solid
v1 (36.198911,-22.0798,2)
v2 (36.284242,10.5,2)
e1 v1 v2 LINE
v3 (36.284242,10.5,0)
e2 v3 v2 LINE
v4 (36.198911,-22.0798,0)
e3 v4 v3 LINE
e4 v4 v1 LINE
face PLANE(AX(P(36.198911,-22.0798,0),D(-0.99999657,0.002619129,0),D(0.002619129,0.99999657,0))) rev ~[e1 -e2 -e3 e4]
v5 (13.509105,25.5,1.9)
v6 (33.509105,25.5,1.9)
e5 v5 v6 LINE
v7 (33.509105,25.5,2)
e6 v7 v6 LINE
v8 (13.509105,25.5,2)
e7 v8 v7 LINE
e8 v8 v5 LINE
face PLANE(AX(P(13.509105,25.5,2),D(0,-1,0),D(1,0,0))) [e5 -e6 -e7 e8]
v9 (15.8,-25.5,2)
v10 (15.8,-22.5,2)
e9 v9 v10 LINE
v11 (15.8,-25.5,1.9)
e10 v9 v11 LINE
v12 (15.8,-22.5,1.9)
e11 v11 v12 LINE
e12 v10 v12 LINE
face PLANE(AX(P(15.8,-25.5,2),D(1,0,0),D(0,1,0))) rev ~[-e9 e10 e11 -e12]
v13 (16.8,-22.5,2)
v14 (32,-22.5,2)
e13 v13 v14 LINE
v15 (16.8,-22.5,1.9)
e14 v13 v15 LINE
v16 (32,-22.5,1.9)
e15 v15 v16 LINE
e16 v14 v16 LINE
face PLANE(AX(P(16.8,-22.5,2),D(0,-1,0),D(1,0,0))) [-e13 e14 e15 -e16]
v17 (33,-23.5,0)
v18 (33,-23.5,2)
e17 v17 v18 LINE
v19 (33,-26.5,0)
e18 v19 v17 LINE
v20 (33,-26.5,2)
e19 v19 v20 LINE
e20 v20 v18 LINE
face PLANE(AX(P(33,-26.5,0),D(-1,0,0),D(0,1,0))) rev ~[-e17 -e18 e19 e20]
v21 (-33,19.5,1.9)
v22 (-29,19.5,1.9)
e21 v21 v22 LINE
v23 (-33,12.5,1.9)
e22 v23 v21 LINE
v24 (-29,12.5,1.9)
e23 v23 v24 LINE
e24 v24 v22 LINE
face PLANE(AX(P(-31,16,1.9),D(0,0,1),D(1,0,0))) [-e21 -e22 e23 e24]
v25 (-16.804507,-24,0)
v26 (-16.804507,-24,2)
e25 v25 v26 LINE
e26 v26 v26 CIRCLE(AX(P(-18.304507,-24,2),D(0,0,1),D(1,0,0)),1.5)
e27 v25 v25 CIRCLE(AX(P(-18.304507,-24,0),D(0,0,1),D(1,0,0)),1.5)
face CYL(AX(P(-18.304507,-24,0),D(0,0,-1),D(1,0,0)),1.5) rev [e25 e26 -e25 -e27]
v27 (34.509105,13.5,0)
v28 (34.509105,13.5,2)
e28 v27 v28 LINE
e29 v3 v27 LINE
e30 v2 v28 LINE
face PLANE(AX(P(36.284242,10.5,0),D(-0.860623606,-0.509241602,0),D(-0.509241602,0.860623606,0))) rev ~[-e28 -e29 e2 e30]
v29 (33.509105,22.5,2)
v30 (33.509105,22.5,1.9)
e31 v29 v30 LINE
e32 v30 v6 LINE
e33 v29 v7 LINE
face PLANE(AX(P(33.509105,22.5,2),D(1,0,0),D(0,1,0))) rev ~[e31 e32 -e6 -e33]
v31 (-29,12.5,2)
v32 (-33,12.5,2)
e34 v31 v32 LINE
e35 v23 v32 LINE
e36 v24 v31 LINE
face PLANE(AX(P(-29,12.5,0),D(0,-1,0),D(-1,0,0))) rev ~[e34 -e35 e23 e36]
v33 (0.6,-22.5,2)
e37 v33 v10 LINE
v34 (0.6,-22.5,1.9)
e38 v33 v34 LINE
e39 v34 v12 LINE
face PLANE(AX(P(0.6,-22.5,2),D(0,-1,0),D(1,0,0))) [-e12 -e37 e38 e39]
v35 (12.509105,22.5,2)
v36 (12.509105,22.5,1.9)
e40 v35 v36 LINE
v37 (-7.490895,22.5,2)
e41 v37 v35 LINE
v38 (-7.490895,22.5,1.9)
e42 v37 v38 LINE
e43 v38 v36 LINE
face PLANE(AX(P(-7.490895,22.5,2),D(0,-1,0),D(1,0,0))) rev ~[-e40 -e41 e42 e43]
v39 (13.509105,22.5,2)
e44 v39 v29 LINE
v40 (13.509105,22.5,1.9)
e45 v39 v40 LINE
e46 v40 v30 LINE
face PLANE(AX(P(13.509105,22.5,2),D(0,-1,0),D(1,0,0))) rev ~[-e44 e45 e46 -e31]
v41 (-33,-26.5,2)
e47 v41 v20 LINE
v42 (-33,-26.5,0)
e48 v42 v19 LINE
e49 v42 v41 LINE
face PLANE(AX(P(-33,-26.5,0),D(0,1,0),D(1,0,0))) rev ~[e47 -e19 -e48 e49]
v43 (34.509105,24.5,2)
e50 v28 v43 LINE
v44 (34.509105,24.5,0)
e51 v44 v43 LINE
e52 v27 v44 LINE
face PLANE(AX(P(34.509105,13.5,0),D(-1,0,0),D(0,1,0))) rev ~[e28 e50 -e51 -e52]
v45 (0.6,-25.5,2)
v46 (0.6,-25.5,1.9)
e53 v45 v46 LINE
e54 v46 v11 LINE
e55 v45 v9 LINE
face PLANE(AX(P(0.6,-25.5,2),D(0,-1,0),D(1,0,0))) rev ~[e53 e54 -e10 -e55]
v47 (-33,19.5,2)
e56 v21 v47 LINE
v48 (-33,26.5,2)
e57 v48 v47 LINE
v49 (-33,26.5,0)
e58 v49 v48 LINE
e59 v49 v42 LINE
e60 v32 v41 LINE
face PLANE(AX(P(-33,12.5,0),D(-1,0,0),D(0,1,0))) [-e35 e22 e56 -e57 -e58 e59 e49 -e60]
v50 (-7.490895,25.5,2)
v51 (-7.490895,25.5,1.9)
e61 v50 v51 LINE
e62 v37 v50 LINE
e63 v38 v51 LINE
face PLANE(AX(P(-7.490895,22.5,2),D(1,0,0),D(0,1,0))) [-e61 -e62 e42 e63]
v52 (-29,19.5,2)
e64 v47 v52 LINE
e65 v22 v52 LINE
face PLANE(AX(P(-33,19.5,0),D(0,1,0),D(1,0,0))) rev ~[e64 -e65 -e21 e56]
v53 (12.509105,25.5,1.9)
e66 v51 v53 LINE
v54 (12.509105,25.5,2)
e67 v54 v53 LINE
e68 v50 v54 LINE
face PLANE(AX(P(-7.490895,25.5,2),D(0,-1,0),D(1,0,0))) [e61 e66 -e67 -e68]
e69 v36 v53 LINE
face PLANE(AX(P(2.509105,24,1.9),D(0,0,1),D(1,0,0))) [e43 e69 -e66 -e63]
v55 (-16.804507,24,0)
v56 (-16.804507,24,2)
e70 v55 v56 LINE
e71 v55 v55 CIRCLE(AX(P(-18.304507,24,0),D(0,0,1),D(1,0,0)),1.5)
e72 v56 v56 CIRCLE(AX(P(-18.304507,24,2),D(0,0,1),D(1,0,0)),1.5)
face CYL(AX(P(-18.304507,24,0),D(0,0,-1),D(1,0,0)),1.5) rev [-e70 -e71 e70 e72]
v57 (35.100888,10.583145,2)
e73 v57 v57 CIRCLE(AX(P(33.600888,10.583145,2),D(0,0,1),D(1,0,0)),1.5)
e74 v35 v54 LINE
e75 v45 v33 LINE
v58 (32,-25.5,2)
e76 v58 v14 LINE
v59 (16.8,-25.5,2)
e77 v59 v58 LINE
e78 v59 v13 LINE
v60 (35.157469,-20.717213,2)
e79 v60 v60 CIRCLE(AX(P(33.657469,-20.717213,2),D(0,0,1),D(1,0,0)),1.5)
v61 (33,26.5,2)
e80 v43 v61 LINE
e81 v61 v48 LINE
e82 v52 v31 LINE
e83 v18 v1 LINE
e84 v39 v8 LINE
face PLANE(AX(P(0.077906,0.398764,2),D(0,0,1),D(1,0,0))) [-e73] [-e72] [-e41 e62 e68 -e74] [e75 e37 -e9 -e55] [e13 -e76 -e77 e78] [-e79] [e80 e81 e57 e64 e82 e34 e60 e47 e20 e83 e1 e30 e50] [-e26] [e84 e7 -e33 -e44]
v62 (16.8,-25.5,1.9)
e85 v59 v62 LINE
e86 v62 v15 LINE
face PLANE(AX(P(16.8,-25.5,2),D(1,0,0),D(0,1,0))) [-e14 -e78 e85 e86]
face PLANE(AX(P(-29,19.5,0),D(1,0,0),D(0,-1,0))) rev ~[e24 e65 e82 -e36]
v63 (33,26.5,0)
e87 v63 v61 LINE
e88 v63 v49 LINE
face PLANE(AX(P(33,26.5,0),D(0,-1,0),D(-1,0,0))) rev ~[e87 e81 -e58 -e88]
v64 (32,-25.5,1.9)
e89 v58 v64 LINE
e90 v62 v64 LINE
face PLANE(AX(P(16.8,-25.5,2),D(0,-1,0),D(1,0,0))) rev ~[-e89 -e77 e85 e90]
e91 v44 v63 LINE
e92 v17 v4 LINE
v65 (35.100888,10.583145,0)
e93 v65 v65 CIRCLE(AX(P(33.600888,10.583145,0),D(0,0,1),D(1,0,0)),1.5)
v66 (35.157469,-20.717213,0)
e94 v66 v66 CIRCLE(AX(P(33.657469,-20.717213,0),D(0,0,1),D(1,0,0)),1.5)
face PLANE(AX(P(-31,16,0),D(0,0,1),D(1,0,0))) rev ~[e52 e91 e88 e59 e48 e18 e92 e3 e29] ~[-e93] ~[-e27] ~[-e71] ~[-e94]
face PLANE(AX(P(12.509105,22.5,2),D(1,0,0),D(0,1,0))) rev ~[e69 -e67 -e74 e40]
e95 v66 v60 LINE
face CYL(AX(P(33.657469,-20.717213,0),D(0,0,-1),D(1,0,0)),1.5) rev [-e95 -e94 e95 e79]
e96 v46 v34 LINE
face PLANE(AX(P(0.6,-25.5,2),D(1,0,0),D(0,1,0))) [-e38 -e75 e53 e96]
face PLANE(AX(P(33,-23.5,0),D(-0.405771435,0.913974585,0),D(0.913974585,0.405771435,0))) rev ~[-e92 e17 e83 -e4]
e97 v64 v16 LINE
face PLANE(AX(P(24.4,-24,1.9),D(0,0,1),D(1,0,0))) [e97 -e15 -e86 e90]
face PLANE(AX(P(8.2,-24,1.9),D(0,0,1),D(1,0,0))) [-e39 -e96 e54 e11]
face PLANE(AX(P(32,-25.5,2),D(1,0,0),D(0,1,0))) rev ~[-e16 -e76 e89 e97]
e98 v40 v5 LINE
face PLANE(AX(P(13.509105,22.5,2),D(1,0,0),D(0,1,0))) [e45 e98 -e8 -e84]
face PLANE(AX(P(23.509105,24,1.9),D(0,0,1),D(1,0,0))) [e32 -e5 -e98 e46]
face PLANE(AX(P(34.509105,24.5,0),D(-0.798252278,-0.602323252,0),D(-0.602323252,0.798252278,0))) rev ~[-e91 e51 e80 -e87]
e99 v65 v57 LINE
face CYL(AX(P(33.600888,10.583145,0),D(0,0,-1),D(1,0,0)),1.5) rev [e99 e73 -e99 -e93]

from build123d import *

# Parameters (mm, degrees)
F0_R     = 1.5
F1_DEPTH = 2
F0_W     = 4
F0_H     = 7
F2_DEPTH = 0.1
F3_DEPTH = 1.9
F4_W     = 20
F4_H     = 3
F5_DEPTH = 0.1
F4_W_2   = 15.2
F6_DEPTH = 0.1


with BuildPart() as f1:
    # F0 (on Top) → F1 (new body)
    with BuildSketch(Plane.XY):
        Polygon((-20, 26.5), (-33, 26.5), (-33, 19.5), (-29, 19.5), (-29, 12.5), (-33, 12.5), (-33, -26.5), (-20, -26.5), (33, -26.5), (33, -23.5), (36.198911, -22.0798), (36.284242, 10.5), (34.509105, 13.5), (34.509105, 24.5), (33, 26.5), align=None)
        with Locations((-18.304507, -24)):
            Circle(F0_R, mode=Mode.SUBTRACT)
        with Locations((33.657469, -20.717213)):
            Circle(F0_R, mode=Mode.SUBTRACT)
        with Locations((-18.304507, 24)):
            Circle(F0_R, mode=Mode.SUBTRACT)
        with Locations((33.600888, 10.583145)):
            Circle(F0_R, mode=Mode.SUBTRACT)
    extrude(amount=F1_DEPTH)

    # F0 (on Top) → F2 (cut)
    with BuildSketch(Plane.XY):
        with Locations((-31, 16)):
            Rectangle(F0_W, F0_H)
    extrude(amount=-F2_DEPTH, mode=Mode.SUBTRACT)

    # F0 (on Top) → F3 (join)
    with BuildSketch(Plane.XY):
        with Locations((-31, 16)):
            Rectangle(F0_W, F0_H)
    extrude(amount=F3_DEPTH)

    # F4 (on face) → F5 (cut)
    with BuildSketch(Plane.XY.offset(2)):
        with Locations((2.509105, 24)):
            Rectangle(F4_W, F4_H)
        with Locations((23.509105, 24)):
            Rectangle(F4_W, F4_H)
    extrude(amount=-F5_DEPTH, mode=Mode.SUBTRACT)

    # F4 (on face) → F6 (cut)
    with BuildSketch(Plane.XY.offset(2)):
        with Locations((8.2, -24)):
            Rectangle(F4_W_2, F4_H)
        with Locations((24.4, -24)):
            Rectangle(F4_W_2, F4_H)
    extrude(amount=-F6_DEPTH, mode=Mode.SUBTRACT)


solid = f1.part
